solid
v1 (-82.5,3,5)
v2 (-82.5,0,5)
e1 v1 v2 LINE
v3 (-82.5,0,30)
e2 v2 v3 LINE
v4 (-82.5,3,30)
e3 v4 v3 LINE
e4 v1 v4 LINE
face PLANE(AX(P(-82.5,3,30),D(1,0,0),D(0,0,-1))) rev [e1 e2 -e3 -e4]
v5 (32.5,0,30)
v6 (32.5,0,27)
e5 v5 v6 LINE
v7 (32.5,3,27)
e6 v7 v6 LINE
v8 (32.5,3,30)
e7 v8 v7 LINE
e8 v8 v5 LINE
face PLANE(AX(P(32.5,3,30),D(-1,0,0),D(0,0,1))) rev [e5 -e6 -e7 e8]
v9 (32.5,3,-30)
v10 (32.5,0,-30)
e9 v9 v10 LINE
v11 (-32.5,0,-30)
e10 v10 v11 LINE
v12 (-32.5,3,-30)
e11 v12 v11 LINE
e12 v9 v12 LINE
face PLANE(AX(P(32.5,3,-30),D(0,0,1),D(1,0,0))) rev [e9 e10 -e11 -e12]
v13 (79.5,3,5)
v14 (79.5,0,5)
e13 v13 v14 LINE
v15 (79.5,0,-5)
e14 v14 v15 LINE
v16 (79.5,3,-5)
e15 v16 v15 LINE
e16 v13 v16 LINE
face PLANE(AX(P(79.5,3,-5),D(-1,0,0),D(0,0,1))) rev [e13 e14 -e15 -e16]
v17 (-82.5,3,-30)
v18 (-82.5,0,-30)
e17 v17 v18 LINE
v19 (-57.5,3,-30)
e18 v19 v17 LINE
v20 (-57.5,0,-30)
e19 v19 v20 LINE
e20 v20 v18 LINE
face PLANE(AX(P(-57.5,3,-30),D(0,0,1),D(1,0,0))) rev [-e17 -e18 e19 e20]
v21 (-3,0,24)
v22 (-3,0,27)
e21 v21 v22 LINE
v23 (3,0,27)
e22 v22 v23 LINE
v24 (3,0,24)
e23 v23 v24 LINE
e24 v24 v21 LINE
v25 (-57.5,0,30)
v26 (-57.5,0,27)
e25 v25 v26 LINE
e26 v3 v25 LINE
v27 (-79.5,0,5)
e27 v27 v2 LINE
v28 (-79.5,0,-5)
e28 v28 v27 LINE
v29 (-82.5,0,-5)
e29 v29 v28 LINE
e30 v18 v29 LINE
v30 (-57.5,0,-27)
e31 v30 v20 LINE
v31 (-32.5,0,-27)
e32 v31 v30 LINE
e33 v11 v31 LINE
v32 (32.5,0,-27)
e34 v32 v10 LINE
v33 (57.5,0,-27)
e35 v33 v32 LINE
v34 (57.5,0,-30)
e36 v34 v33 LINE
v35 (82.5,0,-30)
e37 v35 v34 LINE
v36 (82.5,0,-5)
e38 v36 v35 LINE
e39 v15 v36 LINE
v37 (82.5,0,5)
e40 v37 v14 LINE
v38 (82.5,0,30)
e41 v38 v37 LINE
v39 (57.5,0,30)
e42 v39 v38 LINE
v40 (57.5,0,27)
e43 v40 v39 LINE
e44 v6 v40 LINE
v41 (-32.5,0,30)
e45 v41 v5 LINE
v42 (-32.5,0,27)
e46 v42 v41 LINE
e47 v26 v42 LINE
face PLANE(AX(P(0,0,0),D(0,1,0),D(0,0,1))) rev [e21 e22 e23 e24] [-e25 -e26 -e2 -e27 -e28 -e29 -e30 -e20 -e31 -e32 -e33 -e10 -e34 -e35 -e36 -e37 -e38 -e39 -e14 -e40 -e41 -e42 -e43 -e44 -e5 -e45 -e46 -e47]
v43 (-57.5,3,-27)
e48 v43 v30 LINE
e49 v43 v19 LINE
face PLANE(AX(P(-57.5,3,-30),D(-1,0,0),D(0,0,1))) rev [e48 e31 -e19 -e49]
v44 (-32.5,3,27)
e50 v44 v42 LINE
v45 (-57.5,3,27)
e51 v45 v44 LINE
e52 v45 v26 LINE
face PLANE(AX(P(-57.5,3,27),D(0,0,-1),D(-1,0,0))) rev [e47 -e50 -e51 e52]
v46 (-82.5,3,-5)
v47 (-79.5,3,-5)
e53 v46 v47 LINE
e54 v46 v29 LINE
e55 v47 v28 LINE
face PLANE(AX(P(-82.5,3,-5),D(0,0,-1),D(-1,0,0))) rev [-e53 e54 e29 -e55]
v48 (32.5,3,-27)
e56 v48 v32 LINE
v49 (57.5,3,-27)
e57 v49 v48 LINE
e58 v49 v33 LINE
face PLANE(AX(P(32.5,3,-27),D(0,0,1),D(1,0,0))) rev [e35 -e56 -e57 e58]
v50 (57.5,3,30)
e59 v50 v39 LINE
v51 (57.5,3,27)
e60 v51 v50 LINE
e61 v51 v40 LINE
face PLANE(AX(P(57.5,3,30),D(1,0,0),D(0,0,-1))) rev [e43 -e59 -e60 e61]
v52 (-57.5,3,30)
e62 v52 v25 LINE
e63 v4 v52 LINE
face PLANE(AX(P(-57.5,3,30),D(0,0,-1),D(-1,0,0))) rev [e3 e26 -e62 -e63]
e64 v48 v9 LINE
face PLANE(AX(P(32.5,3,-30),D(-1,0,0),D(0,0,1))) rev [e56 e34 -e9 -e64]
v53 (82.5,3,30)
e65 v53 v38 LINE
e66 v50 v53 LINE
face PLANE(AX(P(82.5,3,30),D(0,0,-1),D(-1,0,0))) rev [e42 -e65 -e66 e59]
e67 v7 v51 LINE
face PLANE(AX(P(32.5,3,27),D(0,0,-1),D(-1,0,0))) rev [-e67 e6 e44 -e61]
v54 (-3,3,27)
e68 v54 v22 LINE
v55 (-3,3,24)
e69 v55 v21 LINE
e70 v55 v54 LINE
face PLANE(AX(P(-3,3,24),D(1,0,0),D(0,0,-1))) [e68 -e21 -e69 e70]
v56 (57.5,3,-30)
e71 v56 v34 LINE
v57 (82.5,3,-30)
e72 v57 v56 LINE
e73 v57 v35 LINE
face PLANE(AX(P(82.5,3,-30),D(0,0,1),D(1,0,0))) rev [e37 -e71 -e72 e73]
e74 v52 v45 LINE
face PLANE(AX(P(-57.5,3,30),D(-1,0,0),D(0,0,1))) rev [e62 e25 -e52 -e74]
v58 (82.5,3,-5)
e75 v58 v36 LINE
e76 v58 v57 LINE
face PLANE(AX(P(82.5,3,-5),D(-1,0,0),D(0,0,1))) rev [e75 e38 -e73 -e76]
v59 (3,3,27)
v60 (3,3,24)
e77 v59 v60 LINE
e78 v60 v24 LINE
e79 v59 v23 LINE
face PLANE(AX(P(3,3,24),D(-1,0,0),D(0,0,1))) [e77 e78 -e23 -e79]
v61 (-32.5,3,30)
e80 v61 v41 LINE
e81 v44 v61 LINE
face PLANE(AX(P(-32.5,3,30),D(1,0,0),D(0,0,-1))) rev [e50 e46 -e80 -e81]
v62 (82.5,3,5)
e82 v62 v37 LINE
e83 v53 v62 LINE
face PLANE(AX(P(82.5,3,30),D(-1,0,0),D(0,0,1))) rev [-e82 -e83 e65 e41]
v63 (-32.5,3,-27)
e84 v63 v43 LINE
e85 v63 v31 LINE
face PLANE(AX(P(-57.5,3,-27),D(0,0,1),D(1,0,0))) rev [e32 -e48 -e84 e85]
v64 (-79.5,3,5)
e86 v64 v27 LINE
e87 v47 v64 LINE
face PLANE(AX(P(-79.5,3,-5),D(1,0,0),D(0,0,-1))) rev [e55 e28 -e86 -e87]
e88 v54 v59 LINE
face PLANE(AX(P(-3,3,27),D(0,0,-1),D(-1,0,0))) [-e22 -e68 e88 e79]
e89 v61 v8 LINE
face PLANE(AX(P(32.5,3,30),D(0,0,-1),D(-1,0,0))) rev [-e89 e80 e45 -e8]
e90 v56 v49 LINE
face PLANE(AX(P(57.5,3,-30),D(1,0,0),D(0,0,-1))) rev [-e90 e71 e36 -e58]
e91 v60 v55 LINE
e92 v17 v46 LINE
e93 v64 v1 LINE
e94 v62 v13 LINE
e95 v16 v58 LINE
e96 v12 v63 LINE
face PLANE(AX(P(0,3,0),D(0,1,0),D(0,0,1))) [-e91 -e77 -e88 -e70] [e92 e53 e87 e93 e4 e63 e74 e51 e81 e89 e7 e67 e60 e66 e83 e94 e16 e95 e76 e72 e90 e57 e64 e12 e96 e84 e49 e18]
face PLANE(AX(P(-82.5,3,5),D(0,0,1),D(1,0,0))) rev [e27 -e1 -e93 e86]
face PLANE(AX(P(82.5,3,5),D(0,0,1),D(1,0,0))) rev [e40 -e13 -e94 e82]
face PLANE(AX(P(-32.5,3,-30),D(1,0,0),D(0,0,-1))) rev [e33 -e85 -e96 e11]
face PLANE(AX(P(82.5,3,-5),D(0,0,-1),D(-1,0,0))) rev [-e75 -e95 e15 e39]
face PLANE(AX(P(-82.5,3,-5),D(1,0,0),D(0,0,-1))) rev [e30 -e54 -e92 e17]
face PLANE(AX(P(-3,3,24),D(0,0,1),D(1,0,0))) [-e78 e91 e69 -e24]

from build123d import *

# Parameters (mm, degrees)
SKETCH1_W           = 6
SKETCH1_H           = 3
BOSS_EXTRUDE2_DEPTH = 3


with BuildPart() as part:
    # Sketch1 → Boss-Extrude2 (new body)
    with BuildSketch(Plane(origin=(0, 0, 0), x_dir=(1, 0, 0), z_dir=(0, 1, 0))):
        Polygon((-57.5, 30), (-82.5, 30), (-82.5, 5), (-79.5, 5), (-79.5, -5), (-82.5, -5), (-82.5, -30), (-57.5, -30), (-57.5, -27), (-32.5, -27), (-32.5, -30), (32.5, -30), (32.5, -27), (57.5, -27), (57.5, -30), (82.5, -30), (82.5, -5), (79.5, -5), (79.5, 5), (82.5, 5), (82.5, 30), (57.5, 30), (57.5, 27), (32.5, 27), (32.5, 30), (-32.5, 30), (-32.5, 27), (-57.5, 27), align=None)
        with Locations((0, -25.5)):
            Rectangle(SKETCH1_W, SKETCH1_H, mode=Mode.SUBTRACT)
    extrude(amount=BOSS_EXTRUDE2_DEPTH)


solid = part.part
